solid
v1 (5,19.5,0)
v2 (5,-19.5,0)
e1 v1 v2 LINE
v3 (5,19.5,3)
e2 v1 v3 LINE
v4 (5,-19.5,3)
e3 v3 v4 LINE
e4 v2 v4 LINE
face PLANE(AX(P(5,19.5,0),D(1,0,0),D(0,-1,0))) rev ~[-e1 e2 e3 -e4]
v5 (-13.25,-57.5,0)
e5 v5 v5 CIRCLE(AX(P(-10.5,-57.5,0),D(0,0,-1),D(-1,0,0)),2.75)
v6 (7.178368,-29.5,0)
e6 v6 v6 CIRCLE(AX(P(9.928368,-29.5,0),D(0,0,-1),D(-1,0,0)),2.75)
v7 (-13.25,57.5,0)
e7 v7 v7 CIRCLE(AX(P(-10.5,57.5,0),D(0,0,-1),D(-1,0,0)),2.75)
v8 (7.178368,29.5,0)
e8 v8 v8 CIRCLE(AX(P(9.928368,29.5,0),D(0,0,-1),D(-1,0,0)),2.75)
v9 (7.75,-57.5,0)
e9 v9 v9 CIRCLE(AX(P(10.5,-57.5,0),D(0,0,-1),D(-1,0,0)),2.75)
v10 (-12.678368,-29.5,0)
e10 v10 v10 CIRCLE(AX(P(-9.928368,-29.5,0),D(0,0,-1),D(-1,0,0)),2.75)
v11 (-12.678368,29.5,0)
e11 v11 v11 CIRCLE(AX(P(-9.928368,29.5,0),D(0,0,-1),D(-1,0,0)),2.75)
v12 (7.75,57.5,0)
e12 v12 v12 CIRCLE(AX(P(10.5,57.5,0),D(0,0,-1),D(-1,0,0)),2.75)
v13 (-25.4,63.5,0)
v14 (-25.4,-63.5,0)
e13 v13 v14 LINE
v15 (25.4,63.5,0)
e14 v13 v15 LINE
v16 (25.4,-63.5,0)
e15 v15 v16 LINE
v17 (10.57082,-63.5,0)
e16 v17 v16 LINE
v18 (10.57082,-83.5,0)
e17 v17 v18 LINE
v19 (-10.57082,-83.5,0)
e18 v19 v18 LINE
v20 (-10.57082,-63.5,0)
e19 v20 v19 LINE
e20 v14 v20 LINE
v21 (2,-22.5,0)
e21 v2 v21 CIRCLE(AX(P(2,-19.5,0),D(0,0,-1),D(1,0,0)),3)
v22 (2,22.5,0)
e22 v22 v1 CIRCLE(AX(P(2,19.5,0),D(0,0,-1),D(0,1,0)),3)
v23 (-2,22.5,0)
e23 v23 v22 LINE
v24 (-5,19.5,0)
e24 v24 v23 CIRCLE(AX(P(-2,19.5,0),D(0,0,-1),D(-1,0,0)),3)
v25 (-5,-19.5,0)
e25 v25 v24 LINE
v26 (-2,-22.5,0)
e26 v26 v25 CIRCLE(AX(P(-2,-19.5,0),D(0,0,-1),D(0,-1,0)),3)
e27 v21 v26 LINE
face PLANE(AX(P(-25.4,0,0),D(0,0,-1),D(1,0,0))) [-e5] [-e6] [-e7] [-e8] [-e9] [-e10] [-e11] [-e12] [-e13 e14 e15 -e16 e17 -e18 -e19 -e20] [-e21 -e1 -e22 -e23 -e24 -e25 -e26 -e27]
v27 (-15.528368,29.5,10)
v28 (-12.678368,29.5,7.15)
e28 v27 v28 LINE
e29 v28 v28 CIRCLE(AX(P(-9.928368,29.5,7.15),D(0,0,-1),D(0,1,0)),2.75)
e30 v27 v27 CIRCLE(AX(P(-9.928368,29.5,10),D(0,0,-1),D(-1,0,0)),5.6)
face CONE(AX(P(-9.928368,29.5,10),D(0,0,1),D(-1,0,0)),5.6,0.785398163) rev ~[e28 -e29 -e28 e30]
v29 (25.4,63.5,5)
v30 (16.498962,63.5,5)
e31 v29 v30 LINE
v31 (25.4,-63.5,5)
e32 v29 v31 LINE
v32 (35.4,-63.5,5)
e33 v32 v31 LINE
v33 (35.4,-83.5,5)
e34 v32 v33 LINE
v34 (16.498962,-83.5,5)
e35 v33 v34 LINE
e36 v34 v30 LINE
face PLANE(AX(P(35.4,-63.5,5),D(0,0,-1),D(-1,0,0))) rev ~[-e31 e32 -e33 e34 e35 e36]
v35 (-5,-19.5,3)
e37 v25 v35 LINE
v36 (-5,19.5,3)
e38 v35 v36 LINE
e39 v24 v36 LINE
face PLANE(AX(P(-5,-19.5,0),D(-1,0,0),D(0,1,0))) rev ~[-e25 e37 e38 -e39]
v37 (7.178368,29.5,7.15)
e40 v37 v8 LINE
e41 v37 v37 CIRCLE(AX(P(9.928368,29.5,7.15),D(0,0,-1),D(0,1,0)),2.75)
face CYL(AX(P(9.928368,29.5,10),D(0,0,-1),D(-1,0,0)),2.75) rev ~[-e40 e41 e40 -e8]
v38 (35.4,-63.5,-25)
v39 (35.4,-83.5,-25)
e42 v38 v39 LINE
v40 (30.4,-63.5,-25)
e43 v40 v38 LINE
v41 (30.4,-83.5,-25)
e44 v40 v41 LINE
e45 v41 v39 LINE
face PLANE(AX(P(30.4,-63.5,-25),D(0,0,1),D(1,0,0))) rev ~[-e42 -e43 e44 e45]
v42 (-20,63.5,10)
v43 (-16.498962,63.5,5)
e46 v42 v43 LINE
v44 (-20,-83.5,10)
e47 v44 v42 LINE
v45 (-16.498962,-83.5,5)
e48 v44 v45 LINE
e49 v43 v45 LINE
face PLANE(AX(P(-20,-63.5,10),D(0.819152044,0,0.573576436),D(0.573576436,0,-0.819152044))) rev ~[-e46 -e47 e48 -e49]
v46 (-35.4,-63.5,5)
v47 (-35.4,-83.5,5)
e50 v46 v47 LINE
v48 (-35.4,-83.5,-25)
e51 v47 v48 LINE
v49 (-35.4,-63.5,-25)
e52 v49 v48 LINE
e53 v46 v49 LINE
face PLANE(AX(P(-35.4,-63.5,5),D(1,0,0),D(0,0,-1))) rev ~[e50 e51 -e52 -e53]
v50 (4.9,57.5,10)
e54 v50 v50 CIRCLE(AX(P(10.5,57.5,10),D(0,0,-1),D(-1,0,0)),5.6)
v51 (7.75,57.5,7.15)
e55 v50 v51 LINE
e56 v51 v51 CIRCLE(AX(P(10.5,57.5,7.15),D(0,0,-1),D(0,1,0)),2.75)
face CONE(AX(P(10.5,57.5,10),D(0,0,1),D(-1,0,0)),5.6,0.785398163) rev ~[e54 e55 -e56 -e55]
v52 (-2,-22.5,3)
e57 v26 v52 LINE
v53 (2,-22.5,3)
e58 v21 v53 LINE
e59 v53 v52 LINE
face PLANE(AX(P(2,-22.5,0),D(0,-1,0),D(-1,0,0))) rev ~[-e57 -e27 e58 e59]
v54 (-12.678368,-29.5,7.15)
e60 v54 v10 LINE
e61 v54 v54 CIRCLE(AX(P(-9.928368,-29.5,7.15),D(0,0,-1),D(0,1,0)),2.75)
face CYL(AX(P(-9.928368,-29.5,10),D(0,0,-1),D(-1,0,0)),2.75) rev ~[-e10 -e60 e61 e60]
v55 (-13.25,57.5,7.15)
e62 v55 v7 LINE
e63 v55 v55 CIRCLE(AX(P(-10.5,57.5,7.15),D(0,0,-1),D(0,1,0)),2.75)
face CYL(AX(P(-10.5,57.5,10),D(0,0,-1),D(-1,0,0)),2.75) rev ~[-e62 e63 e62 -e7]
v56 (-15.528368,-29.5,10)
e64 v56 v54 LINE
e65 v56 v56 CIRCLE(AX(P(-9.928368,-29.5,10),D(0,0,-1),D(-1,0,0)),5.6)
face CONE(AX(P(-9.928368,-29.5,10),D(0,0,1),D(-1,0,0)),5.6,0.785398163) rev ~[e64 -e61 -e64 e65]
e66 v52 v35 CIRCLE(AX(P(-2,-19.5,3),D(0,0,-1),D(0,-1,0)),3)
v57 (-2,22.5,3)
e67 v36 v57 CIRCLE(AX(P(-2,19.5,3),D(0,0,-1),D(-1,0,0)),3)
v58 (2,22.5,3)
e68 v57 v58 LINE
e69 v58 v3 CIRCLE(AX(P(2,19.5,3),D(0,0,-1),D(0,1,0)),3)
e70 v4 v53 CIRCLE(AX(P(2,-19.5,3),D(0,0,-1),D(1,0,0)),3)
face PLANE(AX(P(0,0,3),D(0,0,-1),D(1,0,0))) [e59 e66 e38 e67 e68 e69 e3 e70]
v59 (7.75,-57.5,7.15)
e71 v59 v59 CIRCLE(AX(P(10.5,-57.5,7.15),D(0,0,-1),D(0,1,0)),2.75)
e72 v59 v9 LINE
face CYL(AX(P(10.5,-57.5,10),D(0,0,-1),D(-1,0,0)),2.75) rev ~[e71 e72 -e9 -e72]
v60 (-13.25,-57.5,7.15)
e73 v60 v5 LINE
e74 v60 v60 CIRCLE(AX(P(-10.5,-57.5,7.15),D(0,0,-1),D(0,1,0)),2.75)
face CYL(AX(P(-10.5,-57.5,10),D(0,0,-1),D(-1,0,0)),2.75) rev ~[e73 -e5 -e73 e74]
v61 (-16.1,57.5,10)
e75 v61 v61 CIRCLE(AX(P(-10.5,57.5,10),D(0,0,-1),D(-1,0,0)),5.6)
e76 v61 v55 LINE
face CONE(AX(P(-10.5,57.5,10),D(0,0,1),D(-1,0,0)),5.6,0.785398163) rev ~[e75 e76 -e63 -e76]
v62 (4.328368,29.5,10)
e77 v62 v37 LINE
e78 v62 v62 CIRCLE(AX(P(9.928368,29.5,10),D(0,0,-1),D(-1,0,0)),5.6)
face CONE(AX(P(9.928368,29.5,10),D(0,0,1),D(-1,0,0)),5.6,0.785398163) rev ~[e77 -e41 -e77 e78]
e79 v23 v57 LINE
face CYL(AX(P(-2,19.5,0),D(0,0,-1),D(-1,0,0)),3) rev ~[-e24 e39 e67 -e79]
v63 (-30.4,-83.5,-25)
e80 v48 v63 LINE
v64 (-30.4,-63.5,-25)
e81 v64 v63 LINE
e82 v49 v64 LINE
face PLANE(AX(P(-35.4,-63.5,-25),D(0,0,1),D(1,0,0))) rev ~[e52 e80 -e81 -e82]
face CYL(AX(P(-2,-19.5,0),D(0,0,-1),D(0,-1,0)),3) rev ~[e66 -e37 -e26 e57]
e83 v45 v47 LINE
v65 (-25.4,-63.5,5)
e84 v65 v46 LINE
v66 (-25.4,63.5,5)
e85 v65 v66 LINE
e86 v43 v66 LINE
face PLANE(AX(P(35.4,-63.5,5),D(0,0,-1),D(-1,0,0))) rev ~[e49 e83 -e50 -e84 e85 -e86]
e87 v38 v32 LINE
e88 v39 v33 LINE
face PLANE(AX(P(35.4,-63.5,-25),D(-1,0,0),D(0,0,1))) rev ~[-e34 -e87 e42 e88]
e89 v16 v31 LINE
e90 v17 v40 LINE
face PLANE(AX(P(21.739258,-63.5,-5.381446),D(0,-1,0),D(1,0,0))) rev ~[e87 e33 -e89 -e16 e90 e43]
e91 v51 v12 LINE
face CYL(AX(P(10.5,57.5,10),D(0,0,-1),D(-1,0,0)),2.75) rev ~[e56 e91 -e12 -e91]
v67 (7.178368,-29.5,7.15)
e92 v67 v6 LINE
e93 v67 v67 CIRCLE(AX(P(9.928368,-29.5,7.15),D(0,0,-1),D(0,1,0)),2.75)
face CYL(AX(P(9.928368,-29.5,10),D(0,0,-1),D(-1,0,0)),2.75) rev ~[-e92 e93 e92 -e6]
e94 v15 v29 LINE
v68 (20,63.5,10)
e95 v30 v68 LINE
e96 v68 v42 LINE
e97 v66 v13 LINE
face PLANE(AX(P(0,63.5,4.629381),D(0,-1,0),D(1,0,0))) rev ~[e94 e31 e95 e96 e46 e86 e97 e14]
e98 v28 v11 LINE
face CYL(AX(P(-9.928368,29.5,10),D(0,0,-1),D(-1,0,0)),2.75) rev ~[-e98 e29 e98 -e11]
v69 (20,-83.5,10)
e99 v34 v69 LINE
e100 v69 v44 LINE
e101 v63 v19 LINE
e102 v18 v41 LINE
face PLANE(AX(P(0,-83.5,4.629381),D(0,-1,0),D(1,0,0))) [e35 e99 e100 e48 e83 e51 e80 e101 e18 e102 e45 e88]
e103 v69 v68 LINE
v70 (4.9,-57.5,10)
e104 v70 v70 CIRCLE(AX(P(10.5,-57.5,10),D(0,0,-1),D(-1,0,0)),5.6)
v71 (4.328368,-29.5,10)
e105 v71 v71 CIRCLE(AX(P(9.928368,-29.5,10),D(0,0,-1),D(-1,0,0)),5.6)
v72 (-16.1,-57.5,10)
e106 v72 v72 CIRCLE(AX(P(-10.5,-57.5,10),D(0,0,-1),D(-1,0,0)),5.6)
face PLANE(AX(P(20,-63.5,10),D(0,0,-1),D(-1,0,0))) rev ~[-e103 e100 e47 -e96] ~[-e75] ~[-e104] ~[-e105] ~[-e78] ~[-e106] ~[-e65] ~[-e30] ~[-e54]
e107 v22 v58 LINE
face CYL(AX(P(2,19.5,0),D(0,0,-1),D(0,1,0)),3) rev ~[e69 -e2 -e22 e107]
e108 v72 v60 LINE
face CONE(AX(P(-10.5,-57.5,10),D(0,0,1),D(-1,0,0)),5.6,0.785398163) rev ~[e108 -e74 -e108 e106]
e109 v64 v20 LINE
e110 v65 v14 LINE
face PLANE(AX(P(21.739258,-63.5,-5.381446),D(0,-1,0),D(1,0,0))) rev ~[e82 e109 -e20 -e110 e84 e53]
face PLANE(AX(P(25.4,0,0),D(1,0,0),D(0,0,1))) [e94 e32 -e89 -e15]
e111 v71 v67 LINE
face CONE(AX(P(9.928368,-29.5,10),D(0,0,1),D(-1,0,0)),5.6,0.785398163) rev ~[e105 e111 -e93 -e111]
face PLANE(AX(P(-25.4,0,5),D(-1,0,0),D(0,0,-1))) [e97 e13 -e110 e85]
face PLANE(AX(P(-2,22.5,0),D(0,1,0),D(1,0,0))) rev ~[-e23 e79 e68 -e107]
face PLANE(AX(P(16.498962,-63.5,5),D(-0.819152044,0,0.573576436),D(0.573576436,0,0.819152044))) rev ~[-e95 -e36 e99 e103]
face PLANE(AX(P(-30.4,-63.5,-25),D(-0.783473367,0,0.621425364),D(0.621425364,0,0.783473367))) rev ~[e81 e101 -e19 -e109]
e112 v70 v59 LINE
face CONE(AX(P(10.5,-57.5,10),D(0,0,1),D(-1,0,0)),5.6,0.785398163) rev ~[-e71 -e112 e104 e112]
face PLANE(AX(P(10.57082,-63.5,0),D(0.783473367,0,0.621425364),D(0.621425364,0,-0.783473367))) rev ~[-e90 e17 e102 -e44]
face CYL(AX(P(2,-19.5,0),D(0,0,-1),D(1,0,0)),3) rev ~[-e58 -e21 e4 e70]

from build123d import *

# Parameters (mm, degrees)
F1_DEPTH       = 63.5
F1_DEPTH_BACK  = 63.5
F4_DEPTH       = 3
F6_D           = 5.5
F6_CSINK_D     = 11.2
F6_CSINK_ANGLE = 90
F8_DEPTH       = 20
F9_DEPTH       = 20


with BuildPart() as f1:
    # F0 (on Front) → F1 (new body, two sides)
    with BuildSketch(Plane.XZ) as f1_sk:
        Polygon((-25.4, 5), (-25.4, 0), (25.4, 0), (25.4, 5), (16.498962309, 5), (20, 10), (-20, 10), (-16.498962309, 5), align=None)
    extrude(amount=F1_DEPTH)
    extrude(f1_sk.sketch, amount=-F1_DEPTH_BACK)

    # F3 (on face) → F4 (cut)
    with BuildSketch(Plane(origin=(0, 0, 0), x_dir=(1, 0, 0), z_dir=(0, 0, -1))):
        with BuildLine():
            Line((2, 22.5), (-2, 22.5))
            ThreePointArc((-2, 22.5), (-4.1213203436, 21.6213203436), (-5, 19.5))
            Line((-5, 19.5), (-5, -19.5))
            ThreePointArc((-5, -19.5), (-4.1213203436, -21.6213203436), (-2, -22.5))
            Line((-2, -22.5), (2, -22.5))
            ThreePointArc((2, -22.5), (4.1213203436, -21.6213203436), (5, -19.5))
            Line((5, -19.5), (5, 19.5))
            ThreePointArc((5, 19.5), (4.1213203436, 21.6213203436), (2, 22.5))
        make_face()
    extrude(amount=-F4_DEPTH, mode=Mode.SUBTRACT)

    # F6 (through all)
    with Locations(Plane.XY.offset(10)):
        with Locations((-10.5, 57.5), (10.5, 57.5), (-9.928368032, 29.5), (9.928368032, 29.5), (-9.928368032, -29.5), (9.928368032, -29.5), (-10.5, -57.5), (10.5, -57.5)):
            CounterSinkHole(F6_D / 2, F6_CSINK_D / 2, counter_sink_angle=F6_CSINK_ANGLE)

    # F7 (on face) → F8 (join)
    with BuildSketch(Plane.XZ.offset(63.5)):
        Polygon((35.4, 5), (25.4, 5), (0, 5), (0, 0), (10.570820421, 0), (30.4, -25), (35.4, -25), align=None)
        Polygon((0, 0), (0, 5), (-25.4, 5), (-35.4, 5), (-35.4, -25), (-30.4, -25), (-10.570820421, 0), align=None)
    extrude(amount=F8_DEPTH)

    # F9 (add): a face of the model
    f9_faces = [f1.faces().sort_by_distance(p)[0] for p in [
        (0, -63.5, 7.5799346399),
    ]]
    extrude(f9_faces, amount=F9_DEPTH)


solid = f1.part
